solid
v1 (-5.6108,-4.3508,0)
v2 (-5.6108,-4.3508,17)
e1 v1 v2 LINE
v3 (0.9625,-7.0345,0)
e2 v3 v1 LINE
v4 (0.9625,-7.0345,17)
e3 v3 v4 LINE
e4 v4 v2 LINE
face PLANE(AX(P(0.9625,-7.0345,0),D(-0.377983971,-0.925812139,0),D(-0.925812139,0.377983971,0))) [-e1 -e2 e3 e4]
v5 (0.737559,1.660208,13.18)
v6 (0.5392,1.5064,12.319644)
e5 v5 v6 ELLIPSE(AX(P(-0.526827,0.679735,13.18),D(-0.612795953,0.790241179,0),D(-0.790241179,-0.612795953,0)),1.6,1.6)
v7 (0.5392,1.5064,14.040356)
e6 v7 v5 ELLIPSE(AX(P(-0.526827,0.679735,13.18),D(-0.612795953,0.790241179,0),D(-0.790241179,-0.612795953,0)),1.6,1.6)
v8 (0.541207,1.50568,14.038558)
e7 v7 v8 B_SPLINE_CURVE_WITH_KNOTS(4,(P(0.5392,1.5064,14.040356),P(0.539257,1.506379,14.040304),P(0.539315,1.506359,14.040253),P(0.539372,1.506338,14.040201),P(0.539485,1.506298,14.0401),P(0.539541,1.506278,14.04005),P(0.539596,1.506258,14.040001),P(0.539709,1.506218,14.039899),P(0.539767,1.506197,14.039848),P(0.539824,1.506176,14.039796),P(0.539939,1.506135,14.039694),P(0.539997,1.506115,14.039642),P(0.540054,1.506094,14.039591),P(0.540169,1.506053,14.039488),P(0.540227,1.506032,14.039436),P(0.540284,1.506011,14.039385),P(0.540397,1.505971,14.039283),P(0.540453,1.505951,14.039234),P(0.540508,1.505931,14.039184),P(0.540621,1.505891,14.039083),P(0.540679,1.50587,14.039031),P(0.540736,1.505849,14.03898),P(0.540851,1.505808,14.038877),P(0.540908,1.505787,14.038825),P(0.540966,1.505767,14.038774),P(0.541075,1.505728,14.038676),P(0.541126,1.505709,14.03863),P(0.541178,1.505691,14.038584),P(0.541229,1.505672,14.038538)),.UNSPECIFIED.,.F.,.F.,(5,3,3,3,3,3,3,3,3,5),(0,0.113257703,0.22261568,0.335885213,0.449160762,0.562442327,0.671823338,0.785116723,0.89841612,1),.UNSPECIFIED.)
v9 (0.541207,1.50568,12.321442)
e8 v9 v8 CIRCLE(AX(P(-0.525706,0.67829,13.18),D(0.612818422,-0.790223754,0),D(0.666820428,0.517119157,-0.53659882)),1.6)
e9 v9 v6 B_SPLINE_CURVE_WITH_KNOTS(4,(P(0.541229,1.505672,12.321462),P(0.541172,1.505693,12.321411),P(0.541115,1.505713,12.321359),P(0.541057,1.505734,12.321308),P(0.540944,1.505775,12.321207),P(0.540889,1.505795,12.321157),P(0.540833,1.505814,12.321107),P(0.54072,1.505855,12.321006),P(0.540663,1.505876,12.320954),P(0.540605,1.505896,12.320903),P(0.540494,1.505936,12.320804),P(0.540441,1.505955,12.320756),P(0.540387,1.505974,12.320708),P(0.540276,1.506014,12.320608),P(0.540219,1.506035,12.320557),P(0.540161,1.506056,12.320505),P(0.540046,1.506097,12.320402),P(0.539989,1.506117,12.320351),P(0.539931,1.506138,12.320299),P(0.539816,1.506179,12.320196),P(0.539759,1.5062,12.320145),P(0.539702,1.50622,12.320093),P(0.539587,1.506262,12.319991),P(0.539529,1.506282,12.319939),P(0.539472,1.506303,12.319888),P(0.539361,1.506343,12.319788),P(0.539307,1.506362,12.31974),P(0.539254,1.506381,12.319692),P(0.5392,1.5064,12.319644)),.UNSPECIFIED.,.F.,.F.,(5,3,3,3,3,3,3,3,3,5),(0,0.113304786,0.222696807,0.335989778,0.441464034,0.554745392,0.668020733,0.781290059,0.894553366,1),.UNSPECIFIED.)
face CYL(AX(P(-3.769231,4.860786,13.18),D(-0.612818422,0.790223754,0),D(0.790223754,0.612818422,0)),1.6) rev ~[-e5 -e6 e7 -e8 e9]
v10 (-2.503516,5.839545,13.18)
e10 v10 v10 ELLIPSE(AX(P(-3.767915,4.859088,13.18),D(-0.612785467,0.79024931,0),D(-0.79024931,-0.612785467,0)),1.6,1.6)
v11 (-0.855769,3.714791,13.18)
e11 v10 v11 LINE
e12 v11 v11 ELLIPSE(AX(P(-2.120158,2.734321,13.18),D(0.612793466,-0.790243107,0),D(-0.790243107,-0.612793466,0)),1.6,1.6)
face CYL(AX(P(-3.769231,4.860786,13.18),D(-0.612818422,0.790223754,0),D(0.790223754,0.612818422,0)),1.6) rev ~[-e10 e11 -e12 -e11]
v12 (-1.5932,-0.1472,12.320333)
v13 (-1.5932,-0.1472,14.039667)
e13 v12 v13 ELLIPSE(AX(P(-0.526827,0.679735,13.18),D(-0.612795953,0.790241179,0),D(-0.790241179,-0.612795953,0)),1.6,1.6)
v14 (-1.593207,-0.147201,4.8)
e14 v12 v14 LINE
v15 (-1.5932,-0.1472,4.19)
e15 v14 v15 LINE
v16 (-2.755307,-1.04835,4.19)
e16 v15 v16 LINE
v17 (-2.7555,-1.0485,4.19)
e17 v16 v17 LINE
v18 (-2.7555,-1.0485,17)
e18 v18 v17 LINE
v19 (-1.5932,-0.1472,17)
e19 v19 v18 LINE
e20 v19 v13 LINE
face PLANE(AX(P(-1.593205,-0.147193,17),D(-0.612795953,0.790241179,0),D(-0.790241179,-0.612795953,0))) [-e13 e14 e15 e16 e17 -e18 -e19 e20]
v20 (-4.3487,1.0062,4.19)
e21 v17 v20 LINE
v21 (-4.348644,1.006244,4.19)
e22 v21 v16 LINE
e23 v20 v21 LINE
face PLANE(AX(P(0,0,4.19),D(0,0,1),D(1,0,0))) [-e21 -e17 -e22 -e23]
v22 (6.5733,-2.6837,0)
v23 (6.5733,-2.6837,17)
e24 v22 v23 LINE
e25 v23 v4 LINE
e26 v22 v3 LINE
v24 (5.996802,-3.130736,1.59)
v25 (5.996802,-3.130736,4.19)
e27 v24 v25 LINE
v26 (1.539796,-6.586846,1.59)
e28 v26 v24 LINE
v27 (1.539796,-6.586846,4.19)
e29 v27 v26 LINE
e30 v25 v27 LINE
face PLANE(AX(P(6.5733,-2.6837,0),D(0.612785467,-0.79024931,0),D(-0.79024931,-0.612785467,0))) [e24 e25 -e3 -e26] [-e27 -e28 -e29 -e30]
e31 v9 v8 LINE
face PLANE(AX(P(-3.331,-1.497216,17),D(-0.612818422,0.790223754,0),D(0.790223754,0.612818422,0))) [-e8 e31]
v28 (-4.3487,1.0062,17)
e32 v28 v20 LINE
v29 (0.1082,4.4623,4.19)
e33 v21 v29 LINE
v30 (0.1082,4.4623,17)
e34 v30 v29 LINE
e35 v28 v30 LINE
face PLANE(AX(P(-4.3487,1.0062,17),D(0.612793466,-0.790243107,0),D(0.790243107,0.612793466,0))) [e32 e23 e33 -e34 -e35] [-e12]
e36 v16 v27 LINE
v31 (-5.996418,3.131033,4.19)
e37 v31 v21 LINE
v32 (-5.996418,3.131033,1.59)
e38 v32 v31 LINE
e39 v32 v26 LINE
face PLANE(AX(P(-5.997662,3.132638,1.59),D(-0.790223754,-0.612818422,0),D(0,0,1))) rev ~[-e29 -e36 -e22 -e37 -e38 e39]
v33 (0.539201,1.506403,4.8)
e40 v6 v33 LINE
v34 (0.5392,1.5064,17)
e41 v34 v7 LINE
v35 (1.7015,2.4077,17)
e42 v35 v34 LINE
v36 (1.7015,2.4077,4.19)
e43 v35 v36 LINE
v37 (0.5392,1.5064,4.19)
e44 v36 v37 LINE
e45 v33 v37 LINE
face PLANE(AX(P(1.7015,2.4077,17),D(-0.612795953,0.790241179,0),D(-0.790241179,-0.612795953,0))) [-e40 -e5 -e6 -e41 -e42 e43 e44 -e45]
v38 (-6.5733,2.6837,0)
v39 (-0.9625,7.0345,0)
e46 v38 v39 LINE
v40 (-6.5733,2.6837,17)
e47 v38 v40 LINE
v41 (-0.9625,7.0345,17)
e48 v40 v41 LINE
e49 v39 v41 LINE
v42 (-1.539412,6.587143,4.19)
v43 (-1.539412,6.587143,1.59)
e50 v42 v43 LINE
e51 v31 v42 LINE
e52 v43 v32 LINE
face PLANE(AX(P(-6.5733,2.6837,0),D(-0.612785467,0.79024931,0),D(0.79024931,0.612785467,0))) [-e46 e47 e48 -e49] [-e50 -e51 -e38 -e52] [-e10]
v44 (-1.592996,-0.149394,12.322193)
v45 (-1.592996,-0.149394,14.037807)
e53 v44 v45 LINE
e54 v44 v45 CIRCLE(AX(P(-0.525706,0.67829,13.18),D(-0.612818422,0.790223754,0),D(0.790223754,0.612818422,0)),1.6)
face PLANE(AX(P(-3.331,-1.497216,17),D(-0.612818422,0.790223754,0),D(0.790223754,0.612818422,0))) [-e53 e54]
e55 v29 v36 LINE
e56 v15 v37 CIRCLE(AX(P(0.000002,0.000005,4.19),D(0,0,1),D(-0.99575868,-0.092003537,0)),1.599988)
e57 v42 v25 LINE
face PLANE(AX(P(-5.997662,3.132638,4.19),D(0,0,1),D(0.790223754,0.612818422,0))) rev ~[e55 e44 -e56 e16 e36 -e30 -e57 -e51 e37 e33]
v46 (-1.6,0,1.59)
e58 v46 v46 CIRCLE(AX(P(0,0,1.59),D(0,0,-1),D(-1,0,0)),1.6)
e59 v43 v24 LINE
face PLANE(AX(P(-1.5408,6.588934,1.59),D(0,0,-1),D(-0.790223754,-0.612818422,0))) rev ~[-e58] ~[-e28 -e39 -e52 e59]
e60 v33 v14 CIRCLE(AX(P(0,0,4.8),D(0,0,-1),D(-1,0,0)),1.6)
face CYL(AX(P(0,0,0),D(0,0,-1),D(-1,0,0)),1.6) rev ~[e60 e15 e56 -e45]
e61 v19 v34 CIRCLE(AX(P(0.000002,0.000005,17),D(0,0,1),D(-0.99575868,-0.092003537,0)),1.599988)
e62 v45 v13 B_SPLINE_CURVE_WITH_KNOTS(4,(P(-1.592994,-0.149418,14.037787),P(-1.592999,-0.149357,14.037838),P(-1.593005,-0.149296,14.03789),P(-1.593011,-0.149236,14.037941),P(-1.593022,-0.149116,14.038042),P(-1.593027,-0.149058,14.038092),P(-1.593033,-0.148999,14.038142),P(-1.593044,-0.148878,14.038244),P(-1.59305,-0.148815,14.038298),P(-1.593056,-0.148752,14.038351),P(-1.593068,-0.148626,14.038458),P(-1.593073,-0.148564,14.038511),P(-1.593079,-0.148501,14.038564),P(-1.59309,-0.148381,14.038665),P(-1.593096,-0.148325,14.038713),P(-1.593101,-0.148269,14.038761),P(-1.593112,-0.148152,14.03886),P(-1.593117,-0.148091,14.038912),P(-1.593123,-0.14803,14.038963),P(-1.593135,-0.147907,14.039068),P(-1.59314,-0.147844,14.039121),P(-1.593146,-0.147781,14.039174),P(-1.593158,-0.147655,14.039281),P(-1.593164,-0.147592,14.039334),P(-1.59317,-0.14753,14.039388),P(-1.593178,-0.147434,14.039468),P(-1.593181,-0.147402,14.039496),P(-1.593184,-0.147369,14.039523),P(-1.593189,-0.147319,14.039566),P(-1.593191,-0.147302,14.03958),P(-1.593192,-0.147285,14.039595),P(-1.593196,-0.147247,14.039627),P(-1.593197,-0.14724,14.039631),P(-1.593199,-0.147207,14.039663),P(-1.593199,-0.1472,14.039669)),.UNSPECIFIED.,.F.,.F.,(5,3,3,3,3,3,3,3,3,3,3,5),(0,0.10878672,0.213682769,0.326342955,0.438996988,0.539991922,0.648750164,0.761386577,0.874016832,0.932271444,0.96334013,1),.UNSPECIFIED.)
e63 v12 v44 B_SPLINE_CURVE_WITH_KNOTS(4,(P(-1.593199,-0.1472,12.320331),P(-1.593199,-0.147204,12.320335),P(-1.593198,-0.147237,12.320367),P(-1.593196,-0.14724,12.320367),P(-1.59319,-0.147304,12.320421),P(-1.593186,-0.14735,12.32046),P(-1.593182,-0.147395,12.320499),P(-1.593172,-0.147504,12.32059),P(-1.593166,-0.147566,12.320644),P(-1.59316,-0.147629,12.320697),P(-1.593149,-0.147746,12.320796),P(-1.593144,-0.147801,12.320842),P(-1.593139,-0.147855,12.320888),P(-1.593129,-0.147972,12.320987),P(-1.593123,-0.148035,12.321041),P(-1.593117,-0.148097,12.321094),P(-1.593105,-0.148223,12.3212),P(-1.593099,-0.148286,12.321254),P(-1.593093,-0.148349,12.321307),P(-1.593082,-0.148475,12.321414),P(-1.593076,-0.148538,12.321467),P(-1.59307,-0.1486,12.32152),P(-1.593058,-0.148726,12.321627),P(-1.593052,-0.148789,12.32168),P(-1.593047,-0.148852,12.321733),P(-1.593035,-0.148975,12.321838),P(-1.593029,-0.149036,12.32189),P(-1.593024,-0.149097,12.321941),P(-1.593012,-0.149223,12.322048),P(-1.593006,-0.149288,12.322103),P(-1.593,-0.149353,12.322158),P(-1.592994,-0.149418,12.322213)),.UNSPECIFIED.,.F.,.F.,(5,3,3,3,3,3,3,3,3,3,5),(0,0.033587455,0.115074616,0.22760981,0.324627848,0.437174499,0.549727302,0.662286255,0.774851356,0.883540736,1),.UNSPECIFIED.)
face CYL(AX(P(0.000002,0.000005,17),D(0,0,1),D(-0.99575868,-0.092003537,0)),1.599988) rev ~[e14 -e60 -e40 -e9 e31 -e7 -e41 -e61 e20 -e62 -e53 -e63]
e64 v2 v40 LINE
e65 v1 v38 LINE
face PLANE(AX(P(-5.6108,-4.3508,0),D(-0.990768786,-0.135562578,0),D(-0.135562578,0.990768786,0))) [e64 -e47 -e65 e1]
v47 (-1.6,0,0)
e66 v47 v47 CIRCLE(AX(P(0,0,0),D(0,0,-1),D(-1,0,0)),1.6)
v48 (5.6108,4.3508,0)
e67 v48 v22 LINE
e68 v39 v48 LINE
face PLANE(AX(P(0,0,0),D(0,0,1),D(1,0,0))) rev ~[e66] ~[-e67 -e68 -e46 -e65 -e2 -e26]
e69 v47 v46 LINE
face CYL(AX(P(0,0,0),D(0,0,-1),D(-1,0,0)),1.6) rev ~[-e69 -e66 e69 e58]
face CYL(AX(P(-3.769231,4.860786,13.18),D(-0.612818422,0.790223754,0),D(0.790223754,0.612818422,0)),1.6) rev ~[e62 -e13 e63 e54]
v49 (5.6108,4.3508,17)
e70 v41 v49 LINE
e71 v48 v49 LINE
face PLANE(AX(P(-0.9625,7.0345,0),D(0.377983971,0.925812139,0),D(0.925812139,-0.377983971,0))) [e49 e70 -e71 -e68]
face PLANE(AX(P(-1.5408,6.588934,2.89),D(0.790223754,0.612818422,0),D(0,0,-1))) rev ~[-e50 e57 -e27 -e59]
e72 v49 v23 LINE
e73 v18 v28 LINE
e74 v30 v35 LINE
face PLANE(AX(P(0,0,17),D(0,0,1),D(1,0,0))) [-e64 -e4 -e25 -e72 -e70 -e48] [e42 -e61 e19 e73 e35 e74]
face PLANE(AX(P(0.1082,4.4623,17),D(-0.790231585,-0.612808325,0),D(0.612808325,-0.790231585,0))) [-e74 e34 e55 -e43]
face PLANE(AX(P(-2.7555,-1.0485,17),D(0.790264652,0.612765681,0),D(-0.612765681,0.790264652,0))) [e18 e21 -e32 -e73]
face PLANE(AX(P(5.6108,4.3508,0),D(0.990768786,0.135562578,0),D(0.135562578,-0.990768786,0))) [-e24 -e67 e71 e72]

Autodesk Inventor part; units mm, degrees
ref_plane "YZ Plane" through (0, 0, 0) normal (1, 0, 0) x (0, 1, 0)
ref_plane "XZ Plane" through (0, 0, 0) normal (0, 1, 0) x (-1, 0, 0)
ref_plane "XY Plane" through (0, 0, 0) normal (0, 0, 1) x (1, 0, 0)
sketch "Sketch2" plane through (0, 0, 0) normal (0, 0, 1) x (1, 0, 0)
  circle A0 centre (0, 0) radius 7.1 construction
  line L0 (-0.9625, 7.0345) -> (5.6108, 4.3508)
  line L1 (5.6108, 4.3508) -> (6.5733, -2.6837)
  line L2 (6.5733, -2.6837) -> (0.9625, -7.0345)
  line L3 (0.9625, -7.0345) -> (-5.6108, -4.3508)
  line L4 (-5.6108, -4.3508) -> (-6.5733, 2.6837)
  line L5 (-6.5733, 2.6837) -> (-0.9625, 7.0345)
  dimension "wheel_hexa_d" = 14.2
extrude "Extrusion1" add sketch "Sketch2" along normal blind 17
ref_plane "Work Plane1" through (0, 0, 2.89) normal (0, 0, -1) x (-1, 0, 0)
sketch "Sketch3" plane through (0, 0, 2.89) normal (0, 0, -1) x (-1, 0, 0)
  line L0 (6.5733, 2.6837) -> (0.9625, 7.0345) projected
  line L1 (-6.5733, -2.6837) -> (-0.9625, -7.0345) projected
  line L2 (0.9625, 7.0345) -> (6.5733, 2.6837) construction
  line L3 (3.7679, 4.8591) -> (-3.7679, -4.8591) construction
  line L4 (-0.9625, -7.0345) -> (-6.5733, -2.6837) construction
  circle A0 centre (0, 0) radius 3.715 construction
  line L5 (-3.4394, -1.4042) -> (-0.5036, -3.6807)
  line L6 (-0.5036, -3.6807) -> (2.9358, -2.2765)
  line L7 (2.9358, -2.2765) -> (3.4394, 1.4042)
  line L8 (3.4394, 1.4042) -> (0.5036, 3.6807)
  line L9 (0.5036, 3.6807) -> (-2.9358, 2.2765)
  line L10 (-2.9358, 2.2765) -> (-3.4394, -1.4042)
  dimension "d5" = 7.43
ref_plane "Work Plane2" through (-6.5733, 2.6837, 17) normal (-0.6128, 0.7902, 0) x (0.7902, 0.6128, 0)
sketch "Sketch4" plane through (-6.5733, 2.6837, 17) normal (-0.6128, 0.7902, 0) x (0.7902, 0.6128, 0)
  line L0 (7.1, 17) -> (7.1, 0) construction
  line L1 (0, 17) -> (0, 0) construction
  line L2 (0, 17) -> (7.1, 17) construction
  line L3 (7.1, 0) -> (0, 0) construction
  line L4 (6.37, 15.41) -> (0.73, 15.41)
  line L5 (0.73, 15.41) -> (0.73, 12.81)
  line L6 (0.73, 12.81) -> (6.37, 12.81)
  line L7 (6.37, 12.81) -> (6.37, 15.41)
  line L8 (-9.8809, 14.11) -> (16.8778, 14.11) projected
  line L9 (7.1, 14.11) -> (0, 14.11) construction
  line L10 (3.55, 15.41) -> (3.55, 12.81) construction
  point P0 (3.55, 17)
  point P1 (-0.165, 14)
  point P2 (-0.165, 10)
  point P3 (3.55, 14.11)
  point P4 (6.37, 14.11)
  dimension "d13" = 5.64
  dimension "d14" = 2.6
extrude "Extrusion3" cut sketch "Sketch4" against normal up to surface (12.2976 mm away)
ref_plane "Work Plane3" through (0, 0, 0) normal (0, 0, -1) x (-1, 0, 0)
sketch "Sketch5" plane through (0, 0, 0) normal (0, 0, -1) x (-1, 0, 0)
  circle A0 centre (0, 0) radius 1.6
  dimension "vis_d" = 3.2
extrude "Extrusion4" cut sketch "Sketch5" against normal blind 4.8
ref_plane "Work Plane4" through (0, 0, 17) normal (0, 0, 1) x (1, 0, 0)
sketch "Sketch6" plane through (0, 0, 17) normal (0, 0, 1) x (1, 0, 0)
  arc A0 (0.5392, 1.5064) -> (-1.5932, -0.1472) centre (0, 0) ccw construction
  line L0 (0.5392, 1.5064) -> (-1.5932, -0.1472)
  line L1 (-0.9625, 7.0345) -> (-6.5733, 2.6837) construction
  arc A1 (-1.5932, -0.1472) -> (0.5392, 1.5064) centre (0, 0) ccw
  line L2 (-2.7555, -1.0485) -> (-4.3487, 1.0062)
  line L3 (-4.3487, 1.0062) -> (0.1082, 4.4623)
  line L4 (0.1082, 4.4623) -> (1.7015, 2.4077)
  line L5 (1.7015, 2.4077) -> (-2.7555, -1.0485)
  line L6 (0, 0) -> (-3.7679, 4.8591) construction
  line L7 (-6.5733, 2.6837) -> (-0.9625, 7.0345) construction
  point P0 (-2.1202, 2.7343)
  dimension "d25" = 3.2
  dimension "d26" = 2.46
  dimension "petit_ecrou_cote" = 5.64
  dimension "petit_ecrou_depth" = 2.6
  dimension "d31" = 0
extrude "Extrusion5" cut sketch "Sketch6" against normal up to surface (12.81 mm away)
ref_plane "Work Plane5" through (-6.5733, 2.6837, 17) normal (-0.6128, 0.7902, 0) x (0.7902, 0.6128, 0)
sketch "Sketch7" plane through (-6.5733, 2.6837, 17) normal (-0.6128, 0.7902, 0) x (0.7902, 0.6128, 0)
  circle A0 centre (3.55, 3.82) radius 1.6
  line L0 (3.55, 3.82) -> (3.55, 0) construction
  line L1 (0.73, 0) -> (6.37, 0) construction
  point P0 (3.55, 17)
  dimension "d35" = 3.82
  dimension "d36" = 3.2
extrude "Extrusion6" cut sketch "Sketch7" against normal up to surface (5.2888 mm away)
sketch "Sketch8" plane through (0, 0, 10) normal (0, 0, -1) x (-1, 0, 0)
  circle A0 centre (0, 0) radius 9.2875
  dimension "d40" = 18.575
equation "\"big_hexa_depth\" = total_length"
equation "\"d5\" = ecrou_width"
equation "\"d13\" = petit_ecrou_cote"
equation "\"d14\" = petit_ecrou_depth"
equation "\"vis_d\" = vis_petit_ecrou_d"
equation "\"d25\" = vis_petit_ecrou_d"
equation "\"d32\" = petit_ecrou_hole_depth"
equation "\"d35\" = petit_ecrou_center_dist"
equation "\"d36\" = vis_petit_ecrou_d"
equation "\"d37\" = petit_ecrou_hole_depth"
equation "\"d40\" = 2.5 * ecrou_width"
equation "\"ecrou_dist\" = -vis_length_inside + 0.25 * petit_ecrou_hole_depth"
equation "\"ecrou_width\" = 7.43"
equation "\"ecrou_depth\" = 4"
equation "\"vis_petit_ecrou_d\" = 3.2"
equation "\"total_length\" = 17"
equation "\"d49\" = -vis_length_inside - petit_ecrou_cote"
equation "\"petit_ecrou_hole_depth\" = 7.64"
equation "\"petit_ecrou_center_dist\" = 3.82"
equation "\"vis_length_inside\" = 4.8"
properties part number "wheel_to_motor"
